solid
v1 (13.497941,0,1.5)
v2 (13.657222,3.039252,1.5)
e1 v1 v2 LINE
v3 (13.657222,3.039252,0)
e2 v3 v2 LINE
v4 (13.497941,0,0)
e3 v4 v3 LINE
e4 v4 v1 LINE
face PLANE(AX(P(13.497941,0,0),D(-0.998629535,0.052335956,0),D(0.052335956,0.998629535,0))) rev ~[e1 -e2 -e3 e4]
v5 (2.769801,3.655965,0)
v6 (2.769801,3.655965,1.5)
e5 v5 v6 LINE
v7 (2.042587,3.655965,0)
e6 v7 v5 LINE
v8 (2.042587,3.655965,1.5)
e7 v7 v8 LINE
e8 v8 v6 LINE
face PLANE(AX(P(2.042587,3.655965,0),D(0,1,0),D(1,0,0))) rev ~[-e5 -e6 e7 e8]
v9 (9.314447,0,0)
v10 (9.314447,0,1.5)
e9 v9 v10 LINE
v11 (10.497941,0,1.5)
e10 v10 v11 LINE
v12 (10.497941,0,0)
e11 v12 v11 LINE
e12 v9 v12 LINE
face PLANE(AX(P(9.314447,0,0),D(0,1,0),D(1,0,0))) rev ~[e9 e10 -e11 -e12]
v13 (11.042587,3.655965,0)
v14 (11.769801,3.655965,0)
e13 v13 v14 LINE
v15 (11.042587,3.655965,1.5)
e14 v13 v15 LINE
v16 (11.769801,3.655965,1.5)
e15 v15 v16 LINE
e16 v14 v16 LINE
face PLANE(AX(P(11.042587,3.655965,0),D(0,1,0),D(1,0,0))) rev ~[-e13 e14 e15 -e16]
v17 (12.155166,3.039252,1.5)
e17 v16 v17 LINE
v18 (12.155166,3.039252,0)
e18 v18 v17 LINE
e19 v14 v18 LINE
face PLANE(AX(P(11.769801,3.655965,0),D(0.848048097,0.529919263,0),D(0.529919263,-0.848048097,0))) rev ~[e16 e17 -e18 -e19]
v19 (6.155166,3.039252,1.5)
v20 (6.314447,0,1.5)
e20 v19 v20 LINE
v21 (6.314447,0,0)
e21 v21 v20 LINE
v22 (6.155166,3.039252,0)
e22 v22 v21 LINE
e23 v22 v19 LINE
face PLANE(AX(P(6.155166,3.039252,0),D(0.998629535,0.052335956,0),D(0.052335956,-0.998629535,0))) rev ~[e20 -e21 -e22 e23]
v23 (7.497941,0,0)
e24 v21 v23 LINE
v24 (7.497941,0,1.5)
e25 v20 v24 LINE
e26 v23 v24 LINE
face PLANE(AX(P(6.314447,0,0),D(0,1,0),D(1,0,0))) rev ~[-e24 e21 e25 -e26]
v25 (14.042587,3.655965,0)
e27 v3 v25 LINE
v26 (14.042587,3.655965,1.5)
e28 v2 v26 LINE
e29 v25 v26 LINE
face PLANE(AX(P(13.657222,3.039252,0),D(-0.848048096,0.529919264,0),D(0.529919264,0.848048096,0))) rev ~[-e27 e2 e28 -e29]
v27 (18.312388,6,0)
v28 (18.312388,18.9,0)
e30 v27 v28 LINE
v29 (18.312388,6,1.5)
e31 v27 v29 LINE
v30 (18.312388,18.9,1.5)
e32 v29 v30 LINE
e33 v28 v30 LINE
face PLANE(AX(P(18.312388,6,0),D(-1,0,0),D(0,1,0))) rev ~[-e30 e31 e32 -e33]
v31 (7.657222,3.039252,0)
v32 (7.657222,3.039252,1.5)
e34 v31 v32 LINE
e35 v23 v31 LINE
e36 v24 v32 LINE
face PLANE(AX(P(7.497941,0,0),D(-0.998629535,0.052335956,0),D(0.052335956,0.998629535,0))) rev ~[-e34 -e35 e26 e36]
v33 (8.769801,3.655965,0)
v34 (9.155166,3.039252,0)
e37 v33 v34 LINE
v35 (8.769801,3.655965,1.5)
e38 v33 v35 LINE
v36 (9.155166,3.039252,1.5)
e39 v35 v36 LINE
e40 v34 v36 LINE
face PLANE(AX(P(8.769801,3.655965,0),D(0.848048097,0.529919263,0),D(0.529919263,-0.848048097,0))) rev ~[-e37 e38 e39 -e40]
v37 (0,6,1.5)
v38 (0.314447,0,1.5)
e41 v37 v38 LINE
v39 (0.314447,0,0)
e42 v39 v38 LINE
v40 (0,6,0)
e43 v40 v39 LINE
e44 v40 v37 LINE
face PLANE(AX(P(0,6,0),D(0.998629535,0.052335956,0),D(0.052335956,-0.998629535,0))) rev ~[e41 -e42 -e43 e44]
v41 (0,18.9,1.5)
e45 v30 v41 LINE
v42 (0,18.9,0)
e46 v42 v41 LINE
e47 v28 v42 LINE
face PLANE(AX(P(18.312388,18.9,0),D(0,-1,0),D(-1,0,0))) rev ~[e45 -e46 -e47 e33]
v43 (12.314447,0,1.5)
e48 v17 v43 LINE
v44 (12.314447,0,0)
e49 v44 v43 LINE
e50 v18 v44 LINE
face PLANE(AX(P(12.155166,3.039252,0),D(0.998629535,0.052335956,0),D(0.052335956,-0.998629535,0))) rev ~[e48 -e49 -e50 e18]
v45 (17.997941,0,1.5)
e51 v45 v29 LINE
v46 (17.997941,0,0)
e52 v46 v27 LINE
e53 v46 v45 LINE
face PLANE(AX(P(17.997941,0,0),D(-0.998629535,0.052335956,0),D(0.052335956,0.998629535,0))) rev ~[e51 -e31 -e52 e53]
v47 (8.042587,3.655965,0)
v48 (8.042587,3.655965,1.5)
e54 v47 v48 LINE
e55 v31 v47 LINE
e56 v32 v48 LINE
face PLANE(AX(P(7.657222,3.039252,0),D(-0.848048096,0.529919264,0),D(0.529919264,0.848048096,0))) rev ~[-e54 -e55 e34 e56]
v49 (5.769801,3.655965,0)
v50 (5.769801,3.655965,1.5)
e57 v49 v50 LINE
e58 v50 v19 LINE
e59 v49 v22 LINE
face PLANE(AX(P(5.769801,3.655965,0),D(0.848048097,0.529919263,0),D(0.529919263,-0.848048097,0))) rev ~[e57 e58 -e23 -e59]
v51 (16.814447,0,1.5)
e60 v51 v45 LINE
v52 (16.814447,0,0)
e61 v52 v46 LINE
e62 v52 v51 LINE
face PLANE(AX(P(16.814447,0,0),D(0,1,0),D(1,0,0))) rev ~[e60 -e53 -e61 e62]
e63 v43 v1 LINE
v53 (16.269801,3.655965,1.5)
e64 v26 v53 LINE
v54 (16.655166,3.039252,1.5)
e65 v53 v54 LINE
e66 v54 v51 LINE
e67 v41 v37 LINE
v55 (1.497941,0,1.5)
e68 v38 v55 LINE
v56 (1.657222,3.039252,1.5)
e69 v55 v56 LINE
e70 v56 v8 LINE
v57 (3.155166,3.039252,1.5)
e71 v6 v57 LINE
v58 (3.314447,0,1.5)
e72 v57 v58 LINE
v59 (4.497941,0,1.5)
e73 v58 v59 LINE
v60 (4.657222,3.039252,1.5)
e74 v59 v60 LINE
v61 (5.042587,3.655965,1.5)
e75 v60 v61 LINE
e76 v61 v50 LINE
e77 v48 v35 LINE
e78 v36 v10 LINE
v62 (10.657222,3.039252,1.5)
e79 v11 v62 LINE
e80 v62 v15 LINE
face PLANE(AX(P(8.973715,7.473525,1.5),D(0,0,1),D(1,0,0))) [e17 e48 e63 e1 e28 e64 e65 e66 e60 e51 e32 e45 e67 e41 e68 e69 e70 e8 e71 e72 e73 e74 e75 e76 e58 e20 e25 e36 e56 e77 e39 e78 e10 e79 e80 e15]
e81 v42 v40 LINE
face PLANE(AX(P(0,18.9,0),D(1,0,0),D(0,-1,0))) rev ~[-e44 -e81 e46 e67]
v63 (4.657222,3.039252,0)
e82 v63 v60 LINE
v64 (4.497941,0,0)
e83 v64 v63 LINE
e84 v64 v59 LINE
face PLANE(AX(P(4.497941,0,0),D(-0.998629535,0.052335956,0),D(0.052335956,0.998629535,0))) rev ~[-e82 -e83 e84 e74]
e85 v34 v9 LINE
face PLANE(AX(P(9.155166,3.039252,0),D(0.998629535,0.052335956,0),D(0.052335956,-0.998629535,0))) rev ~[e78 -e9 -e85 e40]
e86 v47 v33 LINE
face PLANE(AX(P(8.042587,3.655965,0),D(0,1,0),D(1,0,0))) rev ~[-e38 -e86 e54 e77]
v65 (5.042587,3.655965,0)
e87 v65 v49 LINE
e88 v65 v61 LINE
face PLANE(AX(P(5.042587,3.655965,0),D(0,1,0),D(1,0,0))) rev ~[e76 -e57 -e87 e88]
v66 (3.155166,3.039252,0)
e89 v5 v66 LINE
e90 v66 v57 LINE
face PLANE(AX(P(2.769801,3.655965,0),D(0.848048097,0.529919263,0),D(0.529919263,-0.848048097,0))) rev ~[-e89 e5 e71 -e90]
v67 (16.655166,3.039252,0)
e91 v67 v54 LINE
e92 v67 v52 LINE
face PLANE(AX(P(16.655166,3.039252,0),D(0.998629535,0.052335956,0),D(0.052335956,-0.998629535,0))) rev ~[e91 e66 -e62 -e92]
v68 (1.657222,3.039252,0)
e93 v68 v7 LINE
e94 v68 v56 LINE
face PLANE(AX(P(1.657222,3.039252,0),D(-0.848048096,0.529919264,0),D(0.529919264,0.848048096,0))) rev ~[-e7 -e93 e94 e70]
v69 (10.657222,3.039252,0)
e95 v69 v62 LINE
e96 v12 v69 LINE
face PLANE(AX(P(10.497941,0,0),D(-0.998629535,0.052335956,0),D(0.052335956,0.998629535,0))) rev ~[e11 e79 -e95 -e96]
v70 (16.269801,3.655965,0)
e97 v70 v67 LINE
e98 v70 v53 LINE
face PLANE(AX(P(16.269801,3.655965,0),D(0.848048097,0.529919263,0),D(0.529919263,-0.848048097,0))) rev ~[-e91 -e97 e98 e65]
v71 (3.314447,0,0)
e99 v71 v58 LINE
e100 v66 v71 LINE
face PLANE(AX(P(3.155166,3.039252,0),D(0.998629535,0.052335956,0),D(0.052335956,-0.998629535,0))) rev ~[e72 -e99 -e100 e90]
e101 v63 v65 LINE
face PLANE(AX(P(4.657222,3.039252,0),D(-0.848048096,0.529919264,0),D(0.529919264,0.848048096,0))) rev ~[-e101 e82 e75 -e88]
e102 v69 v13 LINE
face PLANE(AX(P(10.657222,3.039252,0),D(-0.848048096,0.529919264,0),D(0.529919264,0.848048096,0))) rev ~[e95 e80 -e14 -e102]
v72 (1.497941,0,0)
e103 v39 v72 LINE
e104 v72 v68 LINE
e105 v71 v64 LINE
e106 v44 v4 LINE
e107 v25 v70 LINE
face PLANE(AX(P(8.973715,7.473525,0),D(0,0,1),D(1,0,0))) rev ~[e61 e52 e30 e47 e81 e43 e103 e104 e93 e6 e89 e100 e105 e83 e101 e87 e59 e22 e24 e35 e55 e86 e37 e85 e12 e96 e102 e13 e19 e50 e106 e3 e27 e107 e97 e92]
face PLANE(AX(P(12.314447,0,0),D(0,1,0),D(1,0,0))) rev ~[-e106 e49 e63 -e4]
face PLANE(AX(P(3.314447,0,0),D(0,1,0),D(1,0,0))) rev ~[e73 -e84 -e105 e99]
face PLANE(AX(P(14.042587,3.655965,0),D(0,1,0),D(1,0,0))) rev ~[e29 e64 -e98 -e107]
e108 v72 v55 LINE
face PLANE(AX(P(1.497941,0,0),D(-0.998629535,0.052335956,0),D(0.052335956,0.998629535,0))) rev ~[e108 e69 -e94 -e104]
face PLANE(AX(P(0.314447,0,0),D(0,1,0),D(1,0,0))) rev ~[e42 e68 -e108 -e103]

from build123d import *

# Parameters (mm, degrees)
BOSS_EXTRUDE1_DEPTH = 1.5


with BuildPart() as part:
    # Sketch1 → Boss-Extrude1 (new body)
    with BuildSketch(Plane.XY):
        Polygon((0, 6), (0.314446676, 0), (1.497941481, 0), (1.657221927, 3.039251967), (2.042586863, 3.65596478), (2.769801294, 3.65596478), (3.155166229, 3.039251967), (3.314446676, 0), (4.497941481, 0), (4.657221927, 3.039251967), (5.042586863, 3.65596478), (5.769801294, 3.65596478), (6.155166229, 3.039251967), (6.314446676, 0), (7.497941481, 0), (7.657221927, 3.039251967), (8.042586863, 3.65596478), (8.769801294, 3.65596478), (9.155166229, 3.039251967), (9.314446676, 0), (10.497941481, 0), (10.657221927, 3.039251967), (11.042586863, 3.65596478), (11.769801294, 3.65596478), (12.155166229, 3.039251967), (12.314446676, 0), (13.497941481, 0), (13.657221927, 3.039251967), (14.042586863, 3.65596478), (16.269801294, 3.65596478), (16.655166229, 3.039251967), (16.814446676, 0), (17.997941481, 0), (18.312388157, 6), (18.312388157, 18.9), (0, 18.9), align=None)
    extrude(amount=BOSS_EXTRUDE1_DEPTH)


solid = part.part
